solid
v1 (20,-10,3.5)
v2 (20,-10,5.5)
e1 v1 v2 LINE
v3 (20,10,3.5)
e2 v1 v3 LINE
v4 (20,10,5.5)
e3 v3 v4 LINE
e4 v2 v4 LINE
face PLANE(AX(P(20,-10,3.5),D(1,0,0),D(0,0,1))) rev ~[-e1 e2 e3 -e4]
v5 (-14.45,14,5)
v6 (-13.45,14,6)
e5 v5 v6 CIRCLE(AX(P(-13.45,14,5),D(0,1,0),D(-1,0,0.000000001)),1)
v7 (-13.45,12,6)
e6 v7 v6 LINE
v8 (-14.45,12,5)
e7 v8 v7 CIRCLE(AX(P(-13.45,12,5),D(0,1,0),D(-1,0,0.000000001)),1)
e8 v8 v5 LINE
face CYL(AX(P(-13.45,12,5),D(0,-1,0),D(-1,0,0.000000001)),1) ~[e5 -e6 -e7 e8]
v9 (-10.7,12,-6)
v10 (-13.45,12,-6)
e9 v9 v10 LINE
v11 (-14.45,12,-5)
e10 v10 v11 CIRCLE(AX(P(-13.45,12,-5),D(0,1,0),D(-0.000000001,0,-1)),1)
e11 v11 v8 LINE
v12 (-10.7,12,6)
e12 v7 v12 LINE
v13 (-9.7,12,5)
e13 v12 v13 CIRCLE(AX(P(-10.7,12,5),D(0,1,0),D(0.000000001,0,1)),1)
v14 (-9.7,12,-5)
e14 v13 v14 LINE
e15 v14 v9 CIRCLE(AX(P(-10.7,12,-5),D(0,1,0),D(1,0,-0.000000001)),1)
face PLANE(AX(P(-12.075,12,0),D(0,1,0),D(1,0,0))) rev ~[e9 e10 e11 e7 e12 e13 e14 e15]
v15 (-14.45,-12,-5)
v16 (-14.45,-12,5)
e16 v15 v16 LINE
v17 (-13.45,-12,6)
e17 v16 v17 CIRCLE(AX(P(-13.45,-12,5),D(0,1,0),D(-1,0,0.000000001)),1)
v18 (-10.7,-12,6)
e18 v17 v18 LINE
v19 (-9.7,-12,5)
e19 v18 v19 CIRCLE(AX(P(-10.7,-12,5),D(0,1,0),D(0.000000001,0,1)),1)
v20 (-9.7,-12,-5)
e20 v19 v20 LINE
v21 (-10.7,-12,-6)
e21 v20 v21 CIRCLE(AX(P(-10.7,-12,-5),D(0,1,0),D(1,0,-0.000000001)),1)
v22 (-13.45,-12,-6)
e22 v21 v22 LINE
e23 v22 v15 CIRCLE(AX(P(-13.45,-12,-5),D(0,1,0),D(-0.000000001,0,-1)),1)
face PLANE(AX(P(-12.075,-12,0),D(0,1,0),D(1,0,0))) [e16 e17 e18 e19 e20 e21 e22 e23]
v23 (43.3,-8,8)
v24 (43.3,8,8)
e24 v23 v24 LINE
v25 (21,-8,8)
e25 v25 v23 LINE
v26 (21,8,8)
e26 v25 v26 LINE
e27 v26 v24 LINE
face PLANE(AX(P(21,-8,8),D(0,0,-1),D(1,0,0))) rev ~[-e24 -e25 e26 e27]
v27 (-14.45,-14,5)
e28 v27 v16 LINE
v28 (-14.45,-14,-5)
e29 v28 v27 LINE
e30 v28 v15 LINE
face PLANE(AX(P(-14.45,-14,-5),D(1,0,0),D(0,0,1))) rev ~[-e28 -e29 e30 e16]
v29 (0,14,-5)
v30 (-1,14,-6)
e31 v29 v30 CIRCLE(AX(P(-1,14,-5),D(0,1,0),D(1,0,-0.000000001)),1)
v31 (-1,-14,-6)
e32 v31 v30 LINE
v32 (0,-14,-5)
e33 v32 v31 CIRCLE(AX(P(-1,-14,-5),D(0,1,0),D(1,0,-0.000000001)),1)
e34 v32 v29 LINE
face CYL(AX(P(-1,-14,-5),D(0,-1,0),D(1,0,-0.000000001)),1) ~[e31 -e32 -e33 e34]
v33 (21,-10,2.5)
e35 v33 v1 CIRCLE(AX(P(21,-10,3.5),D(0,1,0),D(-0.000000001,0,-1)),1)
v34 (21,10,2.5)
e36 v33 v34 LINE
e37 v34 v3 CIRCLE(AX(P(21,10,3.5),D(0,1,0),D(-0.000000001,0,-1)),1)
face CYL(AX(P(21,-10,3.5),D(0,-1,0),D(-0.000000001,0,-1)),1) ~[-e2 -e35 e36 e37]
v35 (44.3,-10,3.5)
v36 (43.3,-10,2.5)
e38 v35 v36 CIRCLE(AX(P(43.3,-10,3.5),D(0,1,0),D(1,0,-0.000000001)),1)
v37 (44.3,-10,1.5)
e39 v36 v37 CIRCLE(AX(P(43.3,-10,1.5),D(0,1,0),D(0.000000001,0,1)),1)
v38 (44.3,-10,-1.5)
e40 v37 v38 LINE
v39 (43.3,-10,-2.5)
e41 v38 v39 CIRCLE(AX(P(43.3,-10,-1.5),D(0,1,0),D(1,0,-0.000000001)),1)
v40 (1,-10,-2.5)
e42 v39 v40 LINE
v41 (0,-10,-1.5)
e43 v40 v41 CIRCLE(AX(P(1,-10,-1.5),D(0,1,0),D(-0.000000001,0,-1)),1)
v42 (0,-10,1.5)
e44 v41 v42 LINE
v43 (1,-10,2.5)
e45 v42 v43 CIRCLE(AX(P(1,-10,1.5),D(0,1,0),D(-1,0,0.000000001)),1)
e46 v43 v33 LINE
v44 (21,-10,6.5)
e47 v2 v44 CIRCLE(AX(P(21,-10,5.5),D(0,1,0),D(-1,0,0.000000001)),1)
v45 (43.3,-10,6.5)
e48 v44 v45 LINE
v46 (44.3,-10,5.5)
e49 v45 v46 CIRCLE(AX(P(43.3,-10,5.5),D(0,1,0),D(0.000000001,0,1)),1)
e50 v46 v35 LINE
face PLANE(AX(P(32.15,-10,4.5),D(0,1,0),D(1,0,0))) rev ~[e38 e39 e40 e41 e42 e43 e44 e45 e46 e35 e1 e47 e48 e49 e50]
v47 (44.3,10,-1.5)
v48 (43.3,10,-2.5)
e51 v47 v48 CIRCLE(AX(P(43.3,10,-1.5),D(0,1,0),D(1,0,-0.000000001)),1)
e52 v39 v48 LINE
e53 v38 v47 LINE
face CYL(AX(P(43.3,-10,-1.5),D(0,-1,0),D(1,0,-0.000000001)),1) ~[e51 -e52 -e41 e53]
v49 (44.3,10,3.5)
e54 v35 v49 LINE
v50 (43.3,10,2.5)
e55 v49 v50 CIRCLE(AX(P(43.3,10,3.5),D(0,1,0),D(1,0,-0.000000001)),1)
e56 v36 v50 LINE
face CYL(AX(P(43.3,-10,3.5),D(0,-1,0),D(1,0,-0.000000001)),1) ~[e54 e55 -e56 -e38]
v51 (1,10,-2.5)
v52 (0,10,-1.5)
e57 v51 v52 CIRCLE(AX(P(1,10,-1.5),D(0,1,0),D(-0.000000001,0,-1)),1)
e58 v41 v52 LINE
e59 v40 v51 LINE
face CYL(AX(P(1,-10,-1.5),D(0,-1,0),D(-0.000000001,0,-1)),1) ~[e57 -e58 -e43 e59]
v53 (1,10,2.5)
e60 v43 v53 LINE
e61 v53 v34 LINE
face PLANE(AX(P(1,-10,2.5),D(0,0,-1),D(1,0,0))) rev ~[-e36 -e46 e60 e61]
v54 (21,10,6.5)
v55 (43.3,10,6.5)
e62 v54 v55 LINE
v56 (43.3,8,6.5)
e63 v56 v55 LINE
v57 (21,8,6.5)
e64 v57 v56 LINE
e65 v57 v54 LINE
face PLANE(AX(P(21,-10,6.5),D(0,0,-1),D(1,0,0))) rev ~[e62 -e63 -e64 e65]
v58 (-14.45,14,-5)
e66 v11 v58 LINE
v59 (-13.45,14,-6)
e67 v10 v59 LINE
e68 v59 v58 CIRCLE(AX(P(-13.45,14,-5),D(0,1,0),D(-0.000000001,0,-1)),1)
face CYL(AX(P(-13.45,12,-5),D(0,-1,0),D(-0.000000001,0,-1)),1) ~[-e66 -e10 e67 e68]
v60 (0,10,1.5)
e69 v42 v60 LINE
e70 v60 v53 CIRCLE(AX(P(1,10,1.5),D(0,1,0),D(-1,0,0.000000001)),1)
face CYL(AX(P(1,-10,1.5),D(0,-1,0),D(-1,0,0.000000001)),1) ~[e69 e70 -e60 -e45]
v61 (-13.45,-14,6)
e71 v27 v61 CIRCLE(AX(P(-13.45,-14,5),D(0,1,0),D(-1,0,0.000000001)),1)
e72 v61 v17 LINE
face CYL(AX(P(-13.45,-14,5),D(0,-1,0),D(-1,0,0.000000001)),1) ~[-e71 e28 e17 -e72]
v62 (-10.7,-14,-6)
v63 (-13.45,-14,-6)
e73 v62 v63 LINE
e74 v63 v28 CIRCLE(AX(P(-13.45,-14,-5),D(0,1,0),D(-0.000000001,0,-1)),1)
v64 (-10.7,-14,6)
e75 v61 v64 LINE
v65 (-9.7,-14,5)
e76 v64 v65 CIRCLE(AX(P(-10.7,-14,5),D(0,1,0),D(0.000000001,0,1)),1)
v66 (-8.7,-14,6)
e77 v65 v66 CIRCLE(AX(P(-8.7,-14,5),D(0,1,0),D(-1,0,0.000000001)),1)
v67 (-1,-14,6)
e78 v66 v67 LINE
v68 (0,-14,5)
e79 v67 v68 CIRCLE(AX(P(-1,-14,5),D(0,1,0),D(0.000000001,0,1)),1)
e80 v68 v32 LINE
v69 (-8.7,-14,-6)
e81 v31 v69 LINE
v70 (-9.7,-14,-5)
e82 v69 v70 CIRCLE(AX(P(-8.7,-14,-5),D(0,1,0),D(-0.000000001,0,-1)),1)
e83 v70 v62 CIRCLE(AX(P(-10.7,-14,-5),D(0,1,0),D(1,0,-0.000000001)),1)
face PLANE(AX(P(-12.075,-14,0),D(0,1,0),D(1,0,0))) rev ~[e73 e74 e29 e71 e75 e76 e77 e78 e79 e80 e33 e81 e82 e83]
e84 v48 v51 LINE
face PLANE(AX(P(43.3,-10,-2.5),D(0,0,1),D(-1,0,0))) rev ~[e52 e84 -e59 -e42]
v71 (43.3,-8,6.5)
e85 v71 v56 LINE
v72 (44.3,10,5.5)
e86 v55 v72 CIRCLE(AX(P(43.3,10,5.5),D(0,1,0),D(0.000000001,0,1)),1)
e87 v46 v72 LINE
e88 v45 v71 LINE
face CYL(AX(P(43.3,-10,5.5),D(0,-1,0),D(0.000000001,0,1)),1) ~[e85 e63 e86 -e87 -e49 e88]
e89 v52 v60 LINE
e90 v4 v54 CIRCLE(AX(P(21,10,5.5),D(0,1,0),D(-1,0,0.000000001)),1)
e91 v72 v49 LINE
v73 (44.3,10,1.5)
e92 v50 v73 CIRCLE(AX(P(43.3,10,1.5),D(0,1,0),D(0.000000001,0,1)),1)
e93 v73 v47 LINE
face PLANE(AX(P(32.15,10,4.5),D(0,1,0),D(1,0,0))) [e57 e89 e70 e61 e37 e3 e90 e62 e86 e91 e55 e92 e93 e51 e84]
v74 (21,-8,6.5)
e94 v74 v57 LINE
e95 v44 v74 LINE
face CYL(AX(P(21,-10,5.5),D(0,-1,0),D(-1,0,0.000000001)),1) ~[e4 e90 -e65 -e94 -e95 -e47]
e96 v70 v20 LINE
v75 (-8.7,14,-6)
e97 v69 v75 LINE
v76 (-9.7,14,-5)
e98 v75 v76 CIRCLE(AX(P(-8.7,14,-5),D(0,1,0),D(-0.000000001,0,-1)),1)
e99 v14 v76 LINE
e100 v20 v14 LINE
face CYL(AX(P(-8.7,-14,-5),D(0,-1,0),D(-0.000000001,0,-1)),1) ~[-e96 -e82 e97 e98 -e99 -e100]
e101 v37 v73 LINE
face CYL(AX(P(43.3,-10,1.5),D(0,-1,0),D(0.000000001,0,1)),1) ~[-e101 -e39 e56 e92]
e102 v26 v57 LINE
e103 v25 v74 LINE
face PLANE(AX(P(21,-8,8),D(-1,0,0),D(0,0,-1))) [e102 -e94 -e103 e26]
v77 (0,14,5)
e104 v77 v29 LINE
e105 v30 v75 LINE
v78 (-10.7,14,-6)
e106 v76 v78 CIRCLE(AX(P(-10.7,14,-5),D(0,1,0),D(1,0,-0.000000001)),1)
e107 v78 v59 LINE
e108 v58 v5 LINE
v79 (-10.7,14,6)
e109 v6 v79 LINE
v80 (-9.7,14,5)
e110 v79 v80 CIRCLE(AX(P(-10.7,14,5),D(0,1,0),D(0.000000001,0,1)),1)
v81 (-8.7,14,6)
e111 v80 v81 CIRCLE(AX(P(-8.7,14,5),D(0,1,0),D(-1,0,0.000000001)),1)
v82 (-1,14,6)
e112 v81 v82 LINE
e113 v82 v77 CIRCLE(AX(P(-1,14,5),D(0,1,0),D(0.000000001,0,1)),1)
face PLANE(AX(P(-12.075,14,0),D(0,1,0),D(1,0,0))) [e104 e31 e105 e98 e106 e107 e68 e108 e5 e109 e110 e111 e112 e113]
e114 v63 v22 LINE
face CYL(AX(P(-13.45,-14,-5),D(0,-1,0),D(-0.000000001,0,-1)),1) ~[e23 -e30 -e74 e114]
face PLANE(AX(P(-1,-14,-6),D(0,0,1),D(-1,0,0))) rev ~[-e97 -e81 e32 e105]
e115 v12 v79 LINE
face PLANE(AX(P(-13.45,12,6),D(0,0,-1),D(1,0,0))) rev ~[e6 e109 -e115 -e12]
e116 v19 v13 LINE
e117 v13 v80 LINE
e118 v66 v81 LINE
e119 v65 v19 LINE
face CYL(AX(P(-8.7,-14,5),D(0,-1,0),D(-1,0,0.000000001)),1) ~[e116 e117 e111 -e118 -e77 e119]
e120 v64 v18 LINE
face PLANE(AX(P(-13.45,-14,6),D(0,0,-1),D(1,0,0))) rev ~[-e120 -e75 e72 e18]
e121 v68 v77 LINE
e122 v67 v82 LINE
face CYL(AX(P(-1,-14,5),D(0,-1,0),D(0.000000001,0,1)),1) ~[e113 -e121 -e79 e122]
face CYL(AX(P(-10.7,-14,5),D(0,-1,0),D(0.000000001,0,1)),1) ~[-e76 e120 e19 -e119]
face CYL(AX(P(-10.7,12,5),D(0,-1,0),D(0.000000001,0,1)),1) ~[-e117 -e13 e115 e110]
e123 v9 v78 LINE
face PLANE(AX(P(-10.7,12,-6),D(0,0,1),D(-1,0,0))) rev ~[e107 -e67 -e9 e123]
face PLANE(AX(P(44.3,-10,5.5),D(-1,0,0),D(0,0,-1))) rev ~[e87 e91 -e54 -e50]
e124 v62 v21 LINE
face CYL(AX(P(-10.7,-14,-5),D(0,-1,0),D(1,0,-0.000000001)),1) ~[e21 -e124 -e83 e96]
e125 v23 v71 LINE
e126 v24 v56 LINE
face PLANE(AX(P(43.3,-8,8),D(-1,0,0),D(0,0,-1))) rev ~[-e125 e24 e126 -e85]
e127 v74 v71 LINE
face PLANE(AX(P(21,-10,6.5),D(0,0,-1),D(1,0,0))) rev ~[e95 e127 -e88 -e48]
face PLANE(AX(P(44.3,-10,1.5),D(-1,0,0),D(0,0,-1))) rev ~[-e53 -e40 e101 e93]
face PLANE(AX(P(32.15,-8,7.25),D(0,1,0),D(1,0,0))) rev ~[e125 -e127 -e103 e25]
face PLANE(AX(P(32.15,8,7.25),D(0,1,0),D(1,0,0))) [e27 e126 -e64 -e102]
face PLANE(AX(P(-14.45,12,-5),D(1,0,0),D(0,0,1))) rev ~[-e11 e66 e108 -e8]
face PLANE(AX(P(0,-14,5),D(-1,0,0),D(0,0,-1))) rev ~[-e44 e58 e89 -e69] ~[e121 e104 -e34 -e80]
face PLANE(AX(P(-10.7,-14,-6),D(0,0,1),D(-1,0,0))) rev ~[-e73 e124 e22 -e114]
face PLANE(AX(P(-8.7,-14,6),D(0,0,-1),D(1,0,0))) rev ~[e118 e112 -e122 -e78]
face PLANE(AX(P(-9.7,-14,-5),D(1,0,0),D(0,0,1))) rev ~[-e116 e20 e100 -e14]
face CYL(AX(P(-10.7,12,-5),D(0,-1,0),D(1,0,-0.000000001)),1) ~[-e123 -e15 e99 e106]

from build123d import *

# Parameters (mm, degrees)
SLIDER_START          = -14
SLIDER_DEPTH          = 28
RAIL_LIP_TOP_START    = 12
RAIL_LIP_TOP_DEPTH    = 2
RAIL_LIP_BOTTOM_START = -14
RAIL_LIP_BOTTOM_DEPTH = 2
FINGER_START          = -10
FINGER_DEPTH          = 20
JAW_START             = -10
JAW_DEPTH             = 20
GRIP_PAD_START        = -8
SK_6_W                = 22.3
SK_6_H                = 1.5
GRIP_PAD_DEPTH        = 16


with BuildPart() as part:
    # SK_1 → Slider (new body)
    with BuildSketch(Plane(origin=(0, 0, 0), x_dir=(1, 0, 0), z_dir=(0, 1, 0)).offset(SLIDER_START)):
        with BuildLine():
            Line((-8.7, -6), (-1, -6))
            ThreePointArc((-1, -6), (-0.292893219, -5.707106781), (0, -5))
            Line((0, -5), (0, 5))
            ThreePointArc((0, 5), (-0.292893219, 5.707106781), (-1, 6))
            Line((-1, 6), (-8.7, 6))
            ThreePointArc((-8.7, 6), (-9.407106781, 5.707106781), (-9.7, 5))
            Line((-9.7, 5), (-9.7, -5))
            ThreePointArc((-9.7, -5), (-9.407106781, -5.707106781), (-8.7, -6))
        make_face()
    extrude(amount=SLIDER_DEPTH)

    # SK_2 → Rail_Lip_Top (add)
    with BuildSketch(Plane(origin=(0, 0, 0), x_dir=(1, 0, 0), z_dir=(0, 1, 0)).offset(RAIL_LIP_TOP_START)):
        with BuildLine():
            Line((-13.45, -6), (-10.7, -6))
            ThreePointArc((-10.7, -6), (-9.992893219, -5.707106781), (-9.7, -5))
            Line((-9.7, -5), (-9.7, 5))
            ThreePointArc((-9.7, 5), (-9.992893219, 5.707106781), (-10.7, 6))
            Line((-10.7, 6), (-13.45, 6))
            ThreePointArc((-13.45, 6), (-14.157106781, 5.707106781), (-14.45, 5))
            Line((-14.45, 5), (-14.45, -5))
            ThreePointArc((-14.45, -5), (-14.157106781, -5.707106781), (-13.45, -6))
        make_face()
    extrude(amount=RAIL_LIP_TOP_DEPTH)

    # SK_3 → Rail_Lip_Bottom (add)
    with BuildSketch(Plane(origin=(0, 0, 0), x_dir=(1, 0, 0), z_dir=(0, 1, 0)).offset(RAIL_LIP_BOTTOM_START)):
        with BuildLine():
            Line((-13.45, -6), (-10.7, -6))
            ThreePointArc((-10.7, -6), (-9.992893219, -5.707106781), (-9.7, -5))
            Line((-9.7, -5), (-9.7, 5))
            ThreePointArc((-9.7, 5), (-9.992893219, 5.707106781), (-10.7, 6))
            Line((-10.7, 6), (-13.45, 6))
            ThreePointArc((-13.45, 6), (-14.157106781, 5.707106781), (-14.45, 5))
            Line((-14.45, 5), (-14.45, -5))
            ThreePointArc((-14.45, -5), (-14.157106781, -5.707106781), (-13.45, -6))
        make_face()
    extrude(amount=RAIL_LIP_BOTTOM_DEPTH)

    # SK_4 → Finger (add)
    with BuildSketch(Plane(origin=(0, 0, 0), x_dir=(1, 0, 0), z_dir=(0, 1, 0)).offset(FINGER_START)):
        with BuildLine():
            Line((1, -2.5), (43.3, -2.5))
            ThreePointArc((43.3, -2.5), (44.007106781, -2.207106781), (44.3, -1.5))
            Line((44.3, -1.5), (44.3, 1.5))
            ThreePointArc((44.3, 1.5), (44.007106781, 2.207106781), (43.3, 2.5))
            Line((43.3, 2.5), (1, 2.5))
            ThreePointArc((1, 2.5), (0.292893219, 2.207106781), (0, 1.5))
            Line((0, 1.5), (0, -1.5))
            ThreePointArc((0, -1.5), (0.292893219, -2.207106781), (1, -2.5))
        make_face()
    extrude(amount=FINGER_DEPTH)

    # SK_5 → Jaw (add)
    with BuildSketch(Plane(origin=(0, 0, 0), x_dir=(1, 0, 0), z_dir=(0, 1, 0)).offset(JAW_START)):
        with BuildLine():
            Line((21, -6.5), (43.3, -6.5))
            ThreePointArc((43.3, -6.5), (44.007106781, -6.207106781), (44.3, -5.5))
            Line((44.3, -5.5), (44.3, -3.5))
            ThreePointArc((44.3, -3.5), (44.007106781, -2.792893219), (43.3, -2.5))
            Line((43.3, -2.5), (21, -2.5))
            ThreePointArc((21, -2.5), (20.292893219, -2.792893219), (20, -3.5))
            Line((20, -3.5), (20, -5.5))
            ThreePointArc((20, -5.5), (20.292893219, -6.207106781), (21, -6.5))
        make_face()
    extrude(amount=JAW_DEPTH)

    # SK_6 → Grip_Pad (add)
    with BuildSketch(Plane(origin=(0, 0, 0), x_dir=(1, 0, 0), z_dir=(0, 1, 0)).offset(GRIP_PAD_START)):
        with Locations((32.15, -7.25)):
            Rectangle(SK_6_W, SK_6_H)
    extrude(amount=GRIP_PAD_DEPTH)


solid = part.part
